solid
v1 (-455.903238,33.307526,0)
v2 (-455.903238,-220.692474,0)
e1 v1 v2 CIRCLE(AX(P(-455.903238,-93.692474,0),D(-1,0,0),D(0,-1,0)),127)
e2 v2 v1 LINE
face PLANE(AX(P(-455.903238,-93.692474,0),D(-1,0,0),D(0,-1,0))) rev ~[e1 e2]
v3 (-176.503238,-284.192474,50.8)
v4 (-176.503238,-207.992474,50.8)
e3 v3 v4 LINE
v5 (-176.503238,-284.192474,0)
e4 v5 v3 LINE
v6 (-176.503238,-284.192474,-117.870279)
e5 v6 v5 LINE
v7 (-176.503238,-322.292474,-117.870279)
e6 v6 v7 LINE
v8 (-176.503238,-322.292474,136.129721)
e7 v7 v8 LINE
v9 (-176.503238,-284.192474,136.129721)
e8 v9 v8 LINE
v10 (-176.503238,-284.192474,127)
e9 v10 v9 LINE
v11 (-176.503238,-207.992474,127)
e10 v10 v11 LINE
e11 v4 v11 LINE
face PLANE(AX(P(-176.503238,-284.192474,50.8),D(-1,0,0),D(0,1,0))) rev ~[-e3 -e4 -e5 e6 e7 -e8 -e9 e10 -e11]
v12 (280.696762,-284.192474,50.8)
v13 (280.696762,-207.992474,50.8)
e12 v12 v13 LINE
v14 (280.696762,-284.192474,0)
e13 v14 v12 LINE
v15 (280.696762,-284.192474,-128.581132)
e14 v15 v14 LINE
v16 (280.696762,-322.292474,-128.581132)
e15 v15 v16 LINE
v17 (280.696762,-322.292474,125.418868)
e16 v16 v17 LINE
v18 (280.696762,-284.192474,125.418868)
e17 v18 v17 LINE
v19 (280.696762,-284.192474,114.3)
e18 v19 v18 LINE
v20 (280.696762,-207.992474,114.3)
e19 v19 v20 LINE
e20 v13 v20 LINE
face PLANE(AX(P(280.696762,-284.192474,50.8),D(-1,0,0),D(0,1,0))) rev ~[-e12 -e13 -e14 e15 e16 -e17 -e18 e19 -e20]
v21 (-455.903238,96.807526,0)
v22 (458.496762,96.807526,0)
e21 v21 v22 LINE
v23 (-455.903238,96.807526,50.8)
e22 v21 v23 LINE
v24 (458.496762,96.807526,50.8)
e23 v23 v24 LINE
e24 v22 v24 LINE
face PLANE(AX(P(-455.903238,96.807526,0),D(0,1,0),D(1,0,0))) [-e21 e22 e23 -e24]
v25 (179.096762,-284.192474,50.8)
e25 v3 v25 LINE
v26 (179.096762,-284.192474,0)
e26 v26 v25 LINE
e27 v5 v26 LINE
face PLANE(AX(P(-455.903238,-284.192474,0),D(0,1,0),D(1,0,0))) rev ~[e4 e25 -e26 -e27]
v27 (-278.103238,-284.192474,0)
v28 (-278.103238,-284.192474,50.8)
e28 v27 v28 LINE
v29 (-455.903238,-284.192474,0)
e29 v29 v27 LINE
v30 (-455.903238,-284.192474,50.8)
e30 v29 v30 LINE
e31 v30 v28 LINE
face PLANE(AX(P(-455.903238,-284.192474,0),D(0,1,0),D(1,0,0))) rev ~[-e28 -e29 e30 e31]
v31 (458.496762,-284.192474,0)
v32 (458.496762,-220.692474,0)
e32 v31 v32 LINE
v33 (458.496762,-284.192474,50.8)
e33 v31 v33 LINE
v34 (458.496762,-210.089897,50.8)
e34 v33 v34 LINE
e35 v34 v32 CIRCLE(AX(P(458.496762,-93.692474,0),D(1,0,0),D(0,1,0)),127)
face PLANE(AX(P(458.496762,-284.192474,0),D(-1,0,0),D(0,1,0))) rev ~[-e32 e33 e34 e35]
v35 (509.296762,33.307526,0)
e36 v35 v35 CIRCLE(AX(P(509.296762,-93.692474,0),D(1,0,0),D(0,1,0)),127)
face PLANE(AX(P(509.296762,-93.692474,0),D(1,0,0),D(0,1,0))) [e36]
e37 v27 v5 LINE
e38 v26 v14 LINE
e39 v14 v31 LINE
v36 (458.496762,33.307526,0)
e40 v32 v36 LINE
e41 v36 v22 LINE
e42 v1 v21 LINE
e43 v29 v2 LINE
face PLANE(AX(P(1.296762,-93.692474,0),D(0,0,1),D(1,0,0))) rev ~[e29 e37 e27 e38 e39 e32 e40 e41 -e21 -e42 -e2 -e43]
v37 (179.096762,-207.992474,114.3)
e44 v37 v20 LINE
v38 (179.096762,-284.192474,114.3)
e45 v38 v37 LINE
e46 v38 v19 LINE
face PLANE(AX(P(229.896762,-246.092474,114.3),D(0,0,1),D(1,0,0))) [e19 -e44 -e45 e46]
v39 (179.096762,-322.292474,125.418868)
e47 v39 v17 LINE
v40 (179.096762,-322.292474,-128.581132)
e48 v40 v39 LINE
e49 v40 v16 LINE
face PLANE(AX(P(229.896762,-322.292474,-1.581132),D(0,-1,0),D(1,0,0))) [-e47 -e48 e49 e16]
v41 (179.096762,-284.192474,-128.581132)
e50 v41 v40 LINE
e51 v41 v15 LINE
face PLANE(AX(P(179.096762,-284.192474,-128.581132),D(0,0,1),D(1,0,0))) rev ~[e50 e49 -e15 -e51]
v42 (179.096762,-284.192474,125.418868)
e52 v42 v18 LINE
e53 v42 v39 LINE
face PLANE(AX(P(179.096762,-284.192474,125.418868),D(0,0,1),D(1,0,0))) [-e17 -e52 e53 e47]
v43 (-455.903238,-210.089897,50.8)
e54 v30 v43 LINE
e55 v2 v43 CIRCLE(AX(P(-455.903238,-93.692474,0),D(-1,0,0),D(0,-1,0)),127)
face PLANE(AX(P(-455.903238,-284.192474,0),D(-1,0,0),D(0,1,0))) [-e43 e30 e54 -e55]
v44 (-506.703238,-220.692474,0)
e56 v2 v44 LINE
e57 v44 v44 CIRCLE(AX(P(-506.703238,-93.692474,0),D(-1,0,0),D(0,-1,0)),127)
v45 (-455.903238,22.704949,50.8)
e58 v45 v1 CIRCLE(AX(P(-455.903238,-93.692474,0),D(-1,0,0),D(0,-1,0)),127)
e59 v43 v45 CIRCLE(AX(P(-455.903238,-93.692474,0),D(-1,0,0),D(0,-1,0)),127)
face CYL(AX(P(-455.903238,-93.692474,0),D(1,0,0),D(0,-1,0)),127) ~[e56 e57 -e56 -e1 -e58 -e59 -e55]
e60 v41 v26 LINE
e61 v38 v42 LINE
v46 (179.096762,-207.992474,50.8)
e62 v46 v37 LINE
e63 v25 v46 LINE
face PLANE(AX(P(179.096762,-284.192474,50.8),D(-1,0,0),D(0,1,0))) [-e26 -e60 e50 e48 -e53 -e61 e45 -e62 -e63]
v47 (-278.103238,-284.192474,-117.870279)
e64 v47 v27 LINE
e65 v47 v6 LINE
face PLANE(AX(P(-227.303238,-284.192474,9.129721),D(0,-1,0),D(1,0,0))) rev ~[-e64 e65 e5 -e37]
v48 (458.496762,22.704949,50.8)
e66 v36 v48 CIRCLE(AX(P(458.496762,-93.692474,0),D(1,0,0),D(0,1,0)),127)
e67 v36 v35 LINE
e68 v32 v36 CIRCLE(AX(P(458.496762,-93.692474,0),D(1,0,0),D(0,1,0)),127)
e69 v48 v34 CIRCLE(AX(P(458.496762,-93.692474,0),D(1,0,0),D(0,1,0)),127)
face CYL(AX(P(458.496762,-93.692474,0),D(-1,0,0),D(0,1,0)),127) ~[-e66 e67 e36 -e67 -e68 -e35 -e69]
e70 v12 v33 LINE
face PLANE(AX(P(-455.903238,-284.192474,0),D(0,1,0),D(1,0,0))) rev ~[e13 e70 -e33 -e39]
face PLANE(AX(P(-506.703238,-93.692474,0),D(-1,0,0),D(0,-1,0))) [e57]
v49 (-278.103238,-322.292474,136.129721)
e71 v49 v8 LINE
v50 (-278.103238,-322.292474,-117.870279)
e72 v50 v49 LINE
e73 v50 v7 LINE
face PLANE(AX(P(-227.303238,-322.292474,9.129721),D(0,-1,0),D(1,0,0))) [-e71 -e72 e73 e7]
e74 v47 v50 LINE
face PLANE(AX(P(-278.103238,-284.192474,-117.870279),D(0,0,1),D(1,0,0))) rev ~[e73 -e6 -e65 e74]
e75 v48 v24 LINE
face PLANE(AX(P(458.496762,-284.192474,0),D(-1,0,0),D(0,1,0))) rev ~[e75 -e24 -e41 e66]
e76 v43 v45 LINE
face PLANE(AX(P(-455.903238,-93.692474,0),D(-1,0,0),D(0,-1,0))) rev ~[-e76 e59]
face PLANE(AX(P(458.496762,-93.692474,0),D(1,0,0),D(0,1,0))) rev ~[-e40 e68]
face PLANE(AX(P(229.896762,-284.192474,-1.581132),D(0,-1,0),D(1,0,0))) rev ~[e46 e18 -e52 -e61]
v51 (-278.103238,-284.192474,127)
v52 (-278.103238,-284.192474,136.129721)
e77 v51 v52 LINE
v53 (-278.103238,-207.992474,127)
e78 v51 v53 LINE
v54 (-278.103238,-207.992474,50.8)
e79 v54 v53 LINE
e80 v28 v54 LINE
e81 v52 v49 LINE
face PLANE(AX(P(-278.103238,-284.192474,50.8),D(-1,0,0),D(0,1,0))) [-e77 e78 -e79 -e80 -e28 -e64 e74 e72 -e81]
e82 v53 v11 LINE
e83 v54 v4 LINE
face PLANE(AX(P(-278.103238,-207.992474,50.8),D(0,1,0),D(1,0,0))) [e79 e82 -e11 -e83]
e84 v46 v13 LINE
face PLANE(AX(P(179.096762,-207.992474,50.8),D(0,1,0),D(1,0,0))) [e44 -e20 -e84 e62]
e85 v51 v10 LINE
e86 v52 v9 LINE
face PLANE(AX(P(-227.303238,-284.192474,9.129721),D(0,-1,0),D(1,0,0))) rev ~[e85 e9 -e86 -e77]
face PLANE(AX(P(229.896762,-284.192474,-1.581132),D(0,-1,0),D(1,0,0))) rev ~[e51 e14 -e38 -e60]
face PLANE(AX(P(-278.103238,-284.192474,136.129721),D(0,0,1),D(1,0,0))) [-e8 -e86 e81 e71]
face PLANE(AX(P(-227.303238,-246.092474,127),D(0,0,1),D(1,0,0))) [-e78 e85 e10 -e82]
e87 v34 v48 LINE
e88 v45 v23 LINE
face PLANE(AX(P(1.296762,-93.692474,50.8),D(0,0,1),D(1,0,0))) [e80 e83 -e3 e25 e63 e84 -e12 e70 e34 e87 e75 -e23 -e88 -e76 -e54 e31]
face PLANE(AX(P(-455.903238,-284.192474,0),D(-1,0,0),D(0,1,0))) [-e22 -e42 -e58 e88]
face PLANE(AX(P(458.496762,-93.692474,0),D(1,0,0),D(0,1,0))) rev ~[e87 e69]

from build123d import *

# Parameters (mm, degrees)
F0_W      = 914.4
F0_H      = 381
F1_DEPTH  = 50.8
F2_R      = 127
F3_DEPTH  = 50.8
F4_R      = 127
F5_DEPTH  = 50.8
F6_W      = 101.6
F6_H      = 254
F7_DEPTH  = 38.1
F8_W      = 101.6
F8_H      = 76.2
F9_DEPTH  = 76.2
F10_W     = 101.6
F10_H     = 76.2
F11_DEPTH = 63.5


with BuildPart() as f1:
    # F0 (on Top) → F1 (new body)
    with BuildSketch(Plane.XY):
        with Locations((1.296762, -93.692474)):
            Rectangle(F0_W, F0_H)
    extrude(amount=F1_DEPTH)

    # F2 (on face) → F3 (join)
    with BuildSketch(Plane.YZ.offset(458.496762)):
        with Locations((-93.692474, 0)):
            Circle(F2_R)
    extrude(amount=F3_DEPTH)

    # F4 (on face) → F5 (join)
    with BuildSketch(Plane(origin=(-455.903238, 0, 0), x_dir=(0, -1, 0), z_dir=(-1, 0, 0))):
        with Locations((93.692474, 0)):
            Circle(F4_R)
    extrude(amount=F5_DEPTH)

    # F6 (on face) → F7 (join)
    with BuildSketch(Plane.XZ.offset(284.192474)):
        with Locations((-227.303238, 9.129721)):
            Rectangle(F6_W, F6_H)
        with Locations((229.896762, -1.581132)):
            Rectangle(F6_W, F6_H)
    extrude(amount=F7_DEPTH)

    # F8 (on face) → F9 (join)
    with BuildSketch(Plane.XY.offset(50.8)):
        with Locations((-227.303238, -246.092474)):
            Rectangle(F8_W, F8_H)
    extrude(amount=F9_DEPTH)

    # F10 (on face) → F11 (join)
    with BuildSketch(Plane.XY.offset(50.8)):
        with Locations((229.896762, -246.092474)):
            Rectangle(F10_W, F10_H)
    extrude(amount=F11_DEPTH)


solid = f1.part
